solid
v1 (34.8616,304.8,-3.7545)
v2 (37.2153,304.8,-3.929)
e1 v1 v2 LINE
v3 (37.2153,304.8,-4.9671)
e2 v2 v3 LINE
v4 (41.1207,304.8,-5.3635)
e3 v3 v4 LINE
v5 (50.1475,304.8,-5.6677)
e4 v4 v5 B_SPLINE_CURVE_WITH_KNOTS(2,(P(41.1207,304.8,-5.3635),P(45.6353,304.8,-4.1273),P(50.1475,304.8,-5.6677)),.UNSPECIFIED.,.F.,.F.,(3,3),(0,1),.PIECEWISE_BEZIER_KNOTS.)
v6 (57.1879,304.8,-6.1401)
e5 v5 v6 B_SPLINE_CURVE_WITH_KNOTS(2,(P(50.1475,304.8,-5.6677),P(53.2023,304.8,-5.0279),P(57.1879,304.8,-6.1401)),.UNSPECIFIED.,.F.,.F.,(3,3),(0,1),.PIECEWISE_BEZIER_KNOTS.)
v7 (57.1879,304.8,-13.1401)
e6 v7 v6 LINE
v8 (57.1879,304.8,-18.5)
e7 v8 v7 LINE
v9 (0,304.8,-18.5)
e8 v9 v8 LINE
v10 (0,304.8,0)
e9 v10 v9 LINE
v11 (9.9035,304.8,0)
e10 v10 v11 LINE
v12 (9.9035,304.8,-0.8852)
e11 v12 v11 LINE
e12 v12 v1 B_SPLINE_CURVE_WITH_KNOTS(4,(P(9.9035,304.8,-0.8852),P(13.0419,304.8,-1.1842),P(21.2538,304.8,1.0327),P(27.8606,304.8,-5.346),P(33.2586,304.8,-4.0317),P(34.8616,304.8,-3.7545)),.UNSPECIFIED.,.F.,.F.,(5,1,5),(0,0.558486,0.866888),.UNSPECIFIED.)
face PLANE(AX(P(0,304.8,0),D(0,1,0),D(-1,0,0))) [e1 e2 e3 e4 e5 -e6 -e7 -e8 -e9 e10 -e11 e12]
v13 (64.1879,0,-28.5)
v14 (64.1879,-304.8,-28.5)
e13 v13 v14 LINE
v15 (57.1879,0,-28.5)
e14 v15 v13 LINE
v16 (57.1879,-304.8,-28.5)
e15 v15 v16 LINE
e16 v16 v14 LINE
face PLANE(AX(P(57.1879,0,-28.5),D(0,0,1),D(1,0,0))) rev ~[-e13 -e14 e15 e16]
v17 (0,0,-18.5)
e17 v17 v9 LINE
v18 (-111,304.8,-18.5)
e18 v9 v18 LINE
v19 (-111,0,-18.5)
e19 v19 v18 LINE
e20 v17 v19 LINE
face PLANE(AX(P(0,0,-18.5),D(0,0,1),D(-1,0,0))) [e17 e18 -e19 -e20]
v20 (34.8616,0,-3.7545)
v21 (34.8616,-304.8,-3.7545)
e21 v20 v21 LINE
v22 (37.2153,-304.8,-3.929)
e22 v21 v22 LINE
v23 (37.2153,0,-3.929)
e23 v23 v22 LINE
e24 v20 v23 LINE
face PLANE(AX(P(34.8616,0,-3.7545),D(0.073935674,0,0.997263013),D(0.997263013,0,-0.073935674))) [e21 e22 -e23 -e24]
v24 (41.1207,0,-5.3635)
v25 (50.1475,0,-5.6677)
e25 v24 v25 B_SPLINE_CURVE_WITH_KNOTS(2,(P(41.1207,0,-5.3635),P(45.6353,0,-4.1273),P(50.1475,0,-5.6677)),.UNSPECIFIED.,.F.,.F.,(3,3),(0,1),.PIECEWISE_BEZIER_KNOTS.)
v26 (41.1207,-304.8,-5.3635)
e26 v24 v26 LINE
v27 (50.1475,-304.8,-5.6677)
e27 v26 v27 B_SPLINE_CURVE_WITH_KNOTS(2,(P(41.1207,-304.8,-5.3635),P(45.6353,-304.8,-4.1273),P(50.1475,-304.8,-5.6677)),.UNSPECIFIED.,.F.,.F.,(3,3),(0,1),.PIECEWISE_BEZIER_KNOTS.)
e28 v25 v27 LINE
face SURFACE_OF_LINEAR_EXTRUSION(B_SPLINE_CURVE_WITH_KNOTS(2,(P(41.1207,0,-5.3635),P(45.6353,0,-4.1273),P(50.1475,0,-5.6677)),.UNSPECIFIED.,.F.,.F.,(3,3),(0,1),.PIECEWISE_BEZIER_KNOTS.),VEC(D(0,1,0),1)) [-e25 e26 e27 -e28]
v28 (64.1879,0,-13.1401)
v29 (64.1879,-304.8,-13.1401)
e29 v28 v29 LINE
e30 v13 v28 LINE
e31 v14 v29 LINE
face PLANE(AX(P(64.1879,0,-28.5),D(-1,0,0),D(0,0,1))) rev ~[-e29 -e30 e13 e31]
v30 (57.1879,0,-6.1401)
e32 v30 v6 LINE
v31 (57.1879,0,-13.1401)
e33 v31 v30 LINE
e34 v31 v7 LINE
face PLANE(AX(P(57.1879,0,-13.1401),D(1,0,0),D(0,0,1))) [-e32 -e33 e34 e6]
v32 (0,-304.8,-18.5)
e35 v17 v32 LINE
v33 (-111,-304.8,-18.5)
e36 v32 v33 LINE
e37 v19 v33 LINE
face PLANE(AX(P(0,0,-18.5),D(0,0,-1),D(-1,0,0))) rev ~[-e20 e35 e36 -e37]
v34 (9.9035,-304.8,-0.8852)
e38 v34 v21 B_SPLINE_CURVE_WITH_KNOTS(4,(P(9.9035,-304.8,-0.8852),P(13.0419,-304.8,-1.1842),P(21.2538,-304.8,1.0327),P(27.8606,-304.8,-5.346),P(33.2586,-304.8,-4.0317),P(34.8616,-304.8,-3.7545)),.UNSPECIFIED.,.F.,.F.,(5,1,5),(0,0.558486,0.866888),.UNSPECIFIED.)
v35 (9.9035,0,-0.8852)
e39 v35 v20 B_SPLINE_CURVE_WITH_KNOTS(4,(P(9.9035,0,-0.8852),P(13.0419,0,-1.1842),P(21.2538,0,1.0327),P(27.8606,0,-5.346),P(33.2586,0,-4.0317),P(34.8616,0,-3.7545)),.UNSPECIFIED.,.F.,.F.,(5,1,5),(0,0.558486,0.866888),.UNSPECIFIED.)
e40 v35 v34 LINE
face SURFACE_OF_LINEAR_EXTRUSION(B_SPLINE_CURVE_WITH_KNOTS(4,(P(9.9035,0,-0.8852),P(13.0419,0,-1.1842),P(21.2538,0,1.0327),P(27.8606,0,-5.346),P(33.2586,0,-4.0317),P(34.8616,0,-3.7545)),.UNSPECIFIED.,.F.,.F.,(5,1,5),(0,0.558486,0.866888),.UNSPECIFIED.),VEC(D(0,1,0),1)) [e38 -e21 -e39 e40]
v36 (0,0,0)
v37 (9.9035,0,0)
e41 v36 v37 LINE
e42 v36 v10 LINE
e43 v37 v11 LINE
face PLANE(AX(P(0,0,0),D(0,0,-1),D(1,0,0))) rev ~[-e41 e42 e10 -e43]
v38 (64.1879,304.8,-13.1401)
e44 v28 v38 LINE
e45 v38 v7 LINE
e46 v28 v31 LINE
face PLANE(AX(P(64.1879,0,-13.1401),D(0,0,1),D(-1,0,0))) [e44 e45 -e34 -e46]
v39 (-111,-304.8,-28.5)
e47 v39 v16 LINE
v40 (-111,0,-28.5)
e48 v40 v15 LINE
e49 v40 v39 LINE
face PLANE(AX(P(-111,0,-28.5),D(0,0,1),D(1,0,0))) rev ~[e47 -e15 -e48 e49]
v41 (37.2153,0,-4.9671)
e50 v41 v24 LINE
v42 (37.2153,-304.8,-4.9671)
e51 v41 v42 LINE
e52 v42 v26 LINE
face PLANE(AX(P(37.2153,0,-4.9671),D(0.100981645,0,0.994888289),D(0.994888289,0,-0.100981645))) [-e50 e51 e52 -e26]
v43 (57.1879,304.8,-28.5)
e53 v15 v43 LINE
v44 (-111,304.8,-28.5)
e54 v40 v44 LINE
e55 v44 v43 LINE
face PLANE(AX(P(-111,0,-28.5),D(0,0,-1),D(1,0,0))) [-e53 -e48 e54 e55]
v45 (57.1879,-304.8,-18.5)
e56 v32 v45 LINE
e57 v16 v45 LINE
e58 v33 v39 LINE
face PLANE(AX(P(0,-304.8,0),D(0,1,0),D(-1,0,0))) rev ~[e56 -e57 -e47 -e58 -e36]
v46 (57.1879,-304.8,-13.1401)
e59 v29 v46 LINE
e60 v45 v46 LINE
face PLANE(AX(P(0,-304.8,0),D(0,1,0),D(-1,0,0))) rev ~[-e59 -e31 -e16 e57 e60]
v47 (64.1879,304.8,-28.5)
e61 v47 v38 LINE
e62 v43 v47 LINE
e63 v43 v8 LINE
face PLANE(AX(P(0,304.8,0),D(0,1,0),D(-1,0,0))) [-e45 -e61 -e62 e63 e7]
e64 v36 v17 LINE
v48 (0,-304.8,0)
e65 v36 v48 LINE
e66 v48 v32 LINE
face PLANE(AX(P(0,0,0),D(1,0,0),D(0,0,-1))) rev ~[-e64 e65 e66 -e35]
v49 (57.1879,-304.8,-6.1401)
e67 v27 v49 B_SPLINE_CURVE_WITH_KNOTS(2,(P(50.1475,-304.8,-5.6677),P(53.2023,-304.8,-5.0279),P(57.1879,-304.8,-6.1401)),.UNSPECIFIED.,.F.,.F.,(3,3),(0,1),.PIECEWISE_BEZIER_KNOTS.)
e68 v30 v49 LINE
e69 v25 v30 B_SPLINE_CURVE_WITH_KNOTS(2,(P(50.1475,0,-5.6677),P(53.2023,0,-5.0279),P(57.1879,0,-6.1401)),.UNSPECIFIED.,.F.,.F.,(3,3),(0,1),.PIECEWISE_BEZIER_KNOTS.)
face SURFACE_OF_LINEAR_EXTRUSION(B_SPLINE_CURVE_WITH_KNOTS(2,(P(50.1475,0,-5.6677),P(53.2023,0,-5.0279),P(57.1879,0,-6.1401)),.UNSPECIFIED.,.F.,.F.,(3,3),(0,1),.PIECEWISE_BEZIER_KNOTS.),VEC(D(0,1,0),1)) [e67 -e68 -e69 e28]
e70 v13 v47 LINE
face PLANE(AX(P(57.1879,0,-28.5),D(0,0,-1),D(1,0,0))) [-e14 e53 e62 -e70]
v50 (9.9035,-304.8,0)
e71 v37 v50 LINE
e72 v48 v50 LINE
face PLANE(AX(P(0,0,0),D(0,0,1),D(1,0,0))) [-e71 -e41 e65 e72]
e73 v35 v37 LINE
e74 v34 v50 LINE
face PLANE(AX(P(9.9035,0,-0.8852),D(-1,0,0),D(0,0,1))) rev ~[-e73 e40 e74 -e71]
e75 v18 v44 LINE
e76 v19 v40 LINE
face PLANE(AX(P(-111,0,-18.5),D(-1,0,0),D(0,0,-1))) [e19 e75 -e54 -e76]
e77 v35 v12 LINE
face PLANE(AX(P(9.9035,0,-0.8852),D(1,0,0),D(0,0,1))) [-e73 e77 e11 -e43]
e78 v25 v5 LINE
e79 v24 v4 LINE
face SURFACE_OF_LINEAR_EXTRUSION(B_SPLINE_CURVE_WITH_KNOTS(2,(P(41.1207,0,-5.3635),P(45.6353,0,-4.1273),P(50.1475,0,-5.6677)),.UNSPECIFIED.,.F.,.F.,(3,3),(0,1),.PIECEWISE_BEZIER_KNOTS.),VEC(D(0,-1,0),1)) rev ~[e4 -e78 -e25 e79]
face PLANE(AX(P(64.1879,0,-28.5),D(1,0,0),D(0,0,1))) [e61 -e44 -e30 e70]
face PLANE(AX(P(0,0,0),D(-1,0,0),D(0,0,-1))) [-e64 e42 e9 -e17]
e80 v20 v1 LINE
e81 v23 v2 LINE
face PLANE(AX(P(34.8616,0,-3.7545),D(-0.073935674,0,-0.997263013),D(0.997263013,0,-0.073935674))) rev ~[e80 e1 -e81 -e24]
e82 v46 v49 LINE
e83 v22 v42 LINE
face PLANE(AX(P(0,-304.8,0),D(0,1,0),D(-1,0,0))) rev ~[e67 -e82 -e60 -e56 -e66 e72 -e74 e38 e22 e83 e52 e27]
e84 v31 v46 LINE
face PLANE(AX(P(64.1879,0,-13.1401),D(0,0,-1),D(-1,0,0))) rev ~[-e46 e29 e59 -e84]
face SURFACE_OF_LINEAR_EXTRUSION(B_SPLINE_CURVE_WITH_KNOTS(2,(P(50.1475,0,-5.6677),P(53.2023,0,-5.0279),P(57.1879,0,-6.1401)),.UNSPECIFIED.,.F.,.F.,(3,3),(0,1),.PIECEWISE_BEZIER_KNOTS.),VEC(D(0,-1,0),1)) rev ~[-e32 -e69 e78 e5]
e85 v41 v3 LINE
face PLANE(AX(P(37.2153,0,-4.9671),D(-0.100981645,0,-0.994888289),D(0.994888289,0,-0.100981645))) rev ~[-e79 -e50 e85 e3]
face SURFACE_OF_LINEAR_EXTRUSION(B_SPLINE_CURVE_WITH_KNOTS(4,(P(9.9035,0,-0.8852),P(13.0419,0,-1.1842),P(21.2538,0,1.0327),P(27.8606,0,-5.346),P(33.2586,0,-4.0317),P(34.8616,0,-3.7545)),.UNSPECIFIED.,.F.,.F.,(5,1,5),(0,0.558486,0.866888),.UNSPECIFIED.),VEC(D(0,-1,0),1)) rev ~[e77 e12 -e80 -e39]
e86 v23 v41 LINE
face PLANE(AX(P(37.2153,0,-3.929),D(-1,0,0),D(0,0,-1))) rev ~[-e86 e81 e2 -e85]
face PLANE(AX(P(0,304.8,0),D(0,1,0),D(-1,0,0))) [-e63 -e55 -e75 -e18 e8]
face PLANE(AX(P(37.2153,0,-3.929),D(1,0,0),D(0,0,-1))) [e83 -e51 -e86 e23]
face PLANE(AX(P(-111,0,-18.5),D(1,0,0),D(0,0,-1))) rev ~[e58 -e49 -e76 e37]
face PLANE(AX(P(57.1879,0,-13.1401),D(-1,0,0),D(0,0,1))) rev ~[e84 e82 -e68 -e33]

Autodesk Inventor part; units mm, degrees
ref_plane "YZ Plane" through (0, 0, 0) normal (1, 0, 0) x (0, 1, 0)
ref_plane "XZ Plane" through (0, 0, 0) normal (0, 1, 0) x (-1, 0, 0)
ref_plane "XY Plane" through (0, 0, 0) normal (0, 0, 1) x (1, 0, 0)
sketch "Sketch1" plane through (0, 0, 0) normal (0, 1, 0) x (-1, 0, 0)
  line L0 (0, 0) -> (-144.4624, 0) construction
  line L1 (20.965, -35.9101) -> (-87.0678, -35.9101) construction
  line L2 (-87.0678, -35.9101) -> (-87.0678, 30.1756) construction
  line L3 (-87.0678, 30.1756) -> (20.965, 30.1756) construction
  line L4 (20.965, 30.1756) -> (20.965, -35.9101) construction
  line L5 (-98.2096, -3.929) -> (-103.1995, -4.2465) construction
  line L6 (-98.2096, -3.929) -> (-101.5606, 48.7236) construction
  line L7 (-103.1995, -4.2465) -> (-107.6572, 65.7945) construction
  line L8 (0, 0) -> (-9.9035, 0)
  line L9 (-9.9035, -0.8852) -> (-9.9035, 0)
  spline S0 degree 4 poles (-9.9035, -0.8852) (-13.0419, -1.1842) (-21.2538, 1.0327) (-27.8606, -5.346) (-33.2586, -4.0317) (-34.8616, -3.7545) knots 0 0 0 0 0 0.558486 0.866888 0.866888 0.866888 0.866888 0.866888
  line L10 (-34.8616, -3.7545) -> (-37.2153, -3.929)
  line L11 (-32.3863, -4.1825) -> (-37.3369, -3.3265) construction
  arc A0 (-32.9001, -4.1709) -> (-36.8491, -3.488) centre (-39.3648, -29.7961) ccw construction
  line L12 (-37.2153, -3.929) -> (-37.2153, -4.9671)
  line L13 (-37.2153, -4.9671) -> (-41.1207, -5.3635)
  spline S1 degree 2 poles (-41.1207, -5.3635) (-45.6353, -4.1273) (-50.1475, -5.6677) knots 0 0 0 1 1 1
  spline S2 degree 2 poles (-50.1475, -5.6677) (-53.2023, -5.0279) (-57.1879, -6.1401) knots 0 0 0 1 1 1
  line L14 (0, 0) -> (0, -18.5)
  line L15 (0, -18.5) -> (-57.1879, -18.5)
  line L16 (-57.1879, -18.5) -> (-57.1879, -6.1401)
  line L17 (-57.1879, -18.5) -> (111, -18.5)
  line L18 (111, -18.5) -> (111, -28.5)
  line L19 (111, -28.5) -> (-57.1879, -28.5)
  line L20 (-57.1879, -28.5) -> (-57.1879, -18.5)
  line L21 (-57.1879, -28.5) -> (-64.1879, -28.5)
  line L22 (-64.1879, -28.5) -> (-64.1879, -13.1401)
  line L23 (-64.1879, -13.1401) -> (-57.1879, -13.1401)
  line L24 (-57.1879, -13.1401) -> (-57.1879, -28.5)
  point P0 (-57.1205, -12.0308)
  point P1 (-24.1668, -2.2709)
  point P2 (-30.6059, -4.0877)
  point P3 (-45.613, -4.8207)
  point P4 (-53.1813, -5.4511)
  dimension "d100" = 66.0857
  dimension "d113" = 5
  dimension "d119" = 30.1756
  dimension "d121" = 20.965
  dimension "d140" = 18.5
  dimension "d144" = 111
  dimension "d145" = 10
  dimension "d146" = 7
  dimension "d147" = 7
extrude "Extrusion1" add sketch "Sketch1" along normal mid plane 609.6
equation "\"d100\" = 186.046 * scale"
equation "\"d113\" = 14.0761 * scale"
equation "\"scale\" = 0.355211"
properties part number "moulding"
